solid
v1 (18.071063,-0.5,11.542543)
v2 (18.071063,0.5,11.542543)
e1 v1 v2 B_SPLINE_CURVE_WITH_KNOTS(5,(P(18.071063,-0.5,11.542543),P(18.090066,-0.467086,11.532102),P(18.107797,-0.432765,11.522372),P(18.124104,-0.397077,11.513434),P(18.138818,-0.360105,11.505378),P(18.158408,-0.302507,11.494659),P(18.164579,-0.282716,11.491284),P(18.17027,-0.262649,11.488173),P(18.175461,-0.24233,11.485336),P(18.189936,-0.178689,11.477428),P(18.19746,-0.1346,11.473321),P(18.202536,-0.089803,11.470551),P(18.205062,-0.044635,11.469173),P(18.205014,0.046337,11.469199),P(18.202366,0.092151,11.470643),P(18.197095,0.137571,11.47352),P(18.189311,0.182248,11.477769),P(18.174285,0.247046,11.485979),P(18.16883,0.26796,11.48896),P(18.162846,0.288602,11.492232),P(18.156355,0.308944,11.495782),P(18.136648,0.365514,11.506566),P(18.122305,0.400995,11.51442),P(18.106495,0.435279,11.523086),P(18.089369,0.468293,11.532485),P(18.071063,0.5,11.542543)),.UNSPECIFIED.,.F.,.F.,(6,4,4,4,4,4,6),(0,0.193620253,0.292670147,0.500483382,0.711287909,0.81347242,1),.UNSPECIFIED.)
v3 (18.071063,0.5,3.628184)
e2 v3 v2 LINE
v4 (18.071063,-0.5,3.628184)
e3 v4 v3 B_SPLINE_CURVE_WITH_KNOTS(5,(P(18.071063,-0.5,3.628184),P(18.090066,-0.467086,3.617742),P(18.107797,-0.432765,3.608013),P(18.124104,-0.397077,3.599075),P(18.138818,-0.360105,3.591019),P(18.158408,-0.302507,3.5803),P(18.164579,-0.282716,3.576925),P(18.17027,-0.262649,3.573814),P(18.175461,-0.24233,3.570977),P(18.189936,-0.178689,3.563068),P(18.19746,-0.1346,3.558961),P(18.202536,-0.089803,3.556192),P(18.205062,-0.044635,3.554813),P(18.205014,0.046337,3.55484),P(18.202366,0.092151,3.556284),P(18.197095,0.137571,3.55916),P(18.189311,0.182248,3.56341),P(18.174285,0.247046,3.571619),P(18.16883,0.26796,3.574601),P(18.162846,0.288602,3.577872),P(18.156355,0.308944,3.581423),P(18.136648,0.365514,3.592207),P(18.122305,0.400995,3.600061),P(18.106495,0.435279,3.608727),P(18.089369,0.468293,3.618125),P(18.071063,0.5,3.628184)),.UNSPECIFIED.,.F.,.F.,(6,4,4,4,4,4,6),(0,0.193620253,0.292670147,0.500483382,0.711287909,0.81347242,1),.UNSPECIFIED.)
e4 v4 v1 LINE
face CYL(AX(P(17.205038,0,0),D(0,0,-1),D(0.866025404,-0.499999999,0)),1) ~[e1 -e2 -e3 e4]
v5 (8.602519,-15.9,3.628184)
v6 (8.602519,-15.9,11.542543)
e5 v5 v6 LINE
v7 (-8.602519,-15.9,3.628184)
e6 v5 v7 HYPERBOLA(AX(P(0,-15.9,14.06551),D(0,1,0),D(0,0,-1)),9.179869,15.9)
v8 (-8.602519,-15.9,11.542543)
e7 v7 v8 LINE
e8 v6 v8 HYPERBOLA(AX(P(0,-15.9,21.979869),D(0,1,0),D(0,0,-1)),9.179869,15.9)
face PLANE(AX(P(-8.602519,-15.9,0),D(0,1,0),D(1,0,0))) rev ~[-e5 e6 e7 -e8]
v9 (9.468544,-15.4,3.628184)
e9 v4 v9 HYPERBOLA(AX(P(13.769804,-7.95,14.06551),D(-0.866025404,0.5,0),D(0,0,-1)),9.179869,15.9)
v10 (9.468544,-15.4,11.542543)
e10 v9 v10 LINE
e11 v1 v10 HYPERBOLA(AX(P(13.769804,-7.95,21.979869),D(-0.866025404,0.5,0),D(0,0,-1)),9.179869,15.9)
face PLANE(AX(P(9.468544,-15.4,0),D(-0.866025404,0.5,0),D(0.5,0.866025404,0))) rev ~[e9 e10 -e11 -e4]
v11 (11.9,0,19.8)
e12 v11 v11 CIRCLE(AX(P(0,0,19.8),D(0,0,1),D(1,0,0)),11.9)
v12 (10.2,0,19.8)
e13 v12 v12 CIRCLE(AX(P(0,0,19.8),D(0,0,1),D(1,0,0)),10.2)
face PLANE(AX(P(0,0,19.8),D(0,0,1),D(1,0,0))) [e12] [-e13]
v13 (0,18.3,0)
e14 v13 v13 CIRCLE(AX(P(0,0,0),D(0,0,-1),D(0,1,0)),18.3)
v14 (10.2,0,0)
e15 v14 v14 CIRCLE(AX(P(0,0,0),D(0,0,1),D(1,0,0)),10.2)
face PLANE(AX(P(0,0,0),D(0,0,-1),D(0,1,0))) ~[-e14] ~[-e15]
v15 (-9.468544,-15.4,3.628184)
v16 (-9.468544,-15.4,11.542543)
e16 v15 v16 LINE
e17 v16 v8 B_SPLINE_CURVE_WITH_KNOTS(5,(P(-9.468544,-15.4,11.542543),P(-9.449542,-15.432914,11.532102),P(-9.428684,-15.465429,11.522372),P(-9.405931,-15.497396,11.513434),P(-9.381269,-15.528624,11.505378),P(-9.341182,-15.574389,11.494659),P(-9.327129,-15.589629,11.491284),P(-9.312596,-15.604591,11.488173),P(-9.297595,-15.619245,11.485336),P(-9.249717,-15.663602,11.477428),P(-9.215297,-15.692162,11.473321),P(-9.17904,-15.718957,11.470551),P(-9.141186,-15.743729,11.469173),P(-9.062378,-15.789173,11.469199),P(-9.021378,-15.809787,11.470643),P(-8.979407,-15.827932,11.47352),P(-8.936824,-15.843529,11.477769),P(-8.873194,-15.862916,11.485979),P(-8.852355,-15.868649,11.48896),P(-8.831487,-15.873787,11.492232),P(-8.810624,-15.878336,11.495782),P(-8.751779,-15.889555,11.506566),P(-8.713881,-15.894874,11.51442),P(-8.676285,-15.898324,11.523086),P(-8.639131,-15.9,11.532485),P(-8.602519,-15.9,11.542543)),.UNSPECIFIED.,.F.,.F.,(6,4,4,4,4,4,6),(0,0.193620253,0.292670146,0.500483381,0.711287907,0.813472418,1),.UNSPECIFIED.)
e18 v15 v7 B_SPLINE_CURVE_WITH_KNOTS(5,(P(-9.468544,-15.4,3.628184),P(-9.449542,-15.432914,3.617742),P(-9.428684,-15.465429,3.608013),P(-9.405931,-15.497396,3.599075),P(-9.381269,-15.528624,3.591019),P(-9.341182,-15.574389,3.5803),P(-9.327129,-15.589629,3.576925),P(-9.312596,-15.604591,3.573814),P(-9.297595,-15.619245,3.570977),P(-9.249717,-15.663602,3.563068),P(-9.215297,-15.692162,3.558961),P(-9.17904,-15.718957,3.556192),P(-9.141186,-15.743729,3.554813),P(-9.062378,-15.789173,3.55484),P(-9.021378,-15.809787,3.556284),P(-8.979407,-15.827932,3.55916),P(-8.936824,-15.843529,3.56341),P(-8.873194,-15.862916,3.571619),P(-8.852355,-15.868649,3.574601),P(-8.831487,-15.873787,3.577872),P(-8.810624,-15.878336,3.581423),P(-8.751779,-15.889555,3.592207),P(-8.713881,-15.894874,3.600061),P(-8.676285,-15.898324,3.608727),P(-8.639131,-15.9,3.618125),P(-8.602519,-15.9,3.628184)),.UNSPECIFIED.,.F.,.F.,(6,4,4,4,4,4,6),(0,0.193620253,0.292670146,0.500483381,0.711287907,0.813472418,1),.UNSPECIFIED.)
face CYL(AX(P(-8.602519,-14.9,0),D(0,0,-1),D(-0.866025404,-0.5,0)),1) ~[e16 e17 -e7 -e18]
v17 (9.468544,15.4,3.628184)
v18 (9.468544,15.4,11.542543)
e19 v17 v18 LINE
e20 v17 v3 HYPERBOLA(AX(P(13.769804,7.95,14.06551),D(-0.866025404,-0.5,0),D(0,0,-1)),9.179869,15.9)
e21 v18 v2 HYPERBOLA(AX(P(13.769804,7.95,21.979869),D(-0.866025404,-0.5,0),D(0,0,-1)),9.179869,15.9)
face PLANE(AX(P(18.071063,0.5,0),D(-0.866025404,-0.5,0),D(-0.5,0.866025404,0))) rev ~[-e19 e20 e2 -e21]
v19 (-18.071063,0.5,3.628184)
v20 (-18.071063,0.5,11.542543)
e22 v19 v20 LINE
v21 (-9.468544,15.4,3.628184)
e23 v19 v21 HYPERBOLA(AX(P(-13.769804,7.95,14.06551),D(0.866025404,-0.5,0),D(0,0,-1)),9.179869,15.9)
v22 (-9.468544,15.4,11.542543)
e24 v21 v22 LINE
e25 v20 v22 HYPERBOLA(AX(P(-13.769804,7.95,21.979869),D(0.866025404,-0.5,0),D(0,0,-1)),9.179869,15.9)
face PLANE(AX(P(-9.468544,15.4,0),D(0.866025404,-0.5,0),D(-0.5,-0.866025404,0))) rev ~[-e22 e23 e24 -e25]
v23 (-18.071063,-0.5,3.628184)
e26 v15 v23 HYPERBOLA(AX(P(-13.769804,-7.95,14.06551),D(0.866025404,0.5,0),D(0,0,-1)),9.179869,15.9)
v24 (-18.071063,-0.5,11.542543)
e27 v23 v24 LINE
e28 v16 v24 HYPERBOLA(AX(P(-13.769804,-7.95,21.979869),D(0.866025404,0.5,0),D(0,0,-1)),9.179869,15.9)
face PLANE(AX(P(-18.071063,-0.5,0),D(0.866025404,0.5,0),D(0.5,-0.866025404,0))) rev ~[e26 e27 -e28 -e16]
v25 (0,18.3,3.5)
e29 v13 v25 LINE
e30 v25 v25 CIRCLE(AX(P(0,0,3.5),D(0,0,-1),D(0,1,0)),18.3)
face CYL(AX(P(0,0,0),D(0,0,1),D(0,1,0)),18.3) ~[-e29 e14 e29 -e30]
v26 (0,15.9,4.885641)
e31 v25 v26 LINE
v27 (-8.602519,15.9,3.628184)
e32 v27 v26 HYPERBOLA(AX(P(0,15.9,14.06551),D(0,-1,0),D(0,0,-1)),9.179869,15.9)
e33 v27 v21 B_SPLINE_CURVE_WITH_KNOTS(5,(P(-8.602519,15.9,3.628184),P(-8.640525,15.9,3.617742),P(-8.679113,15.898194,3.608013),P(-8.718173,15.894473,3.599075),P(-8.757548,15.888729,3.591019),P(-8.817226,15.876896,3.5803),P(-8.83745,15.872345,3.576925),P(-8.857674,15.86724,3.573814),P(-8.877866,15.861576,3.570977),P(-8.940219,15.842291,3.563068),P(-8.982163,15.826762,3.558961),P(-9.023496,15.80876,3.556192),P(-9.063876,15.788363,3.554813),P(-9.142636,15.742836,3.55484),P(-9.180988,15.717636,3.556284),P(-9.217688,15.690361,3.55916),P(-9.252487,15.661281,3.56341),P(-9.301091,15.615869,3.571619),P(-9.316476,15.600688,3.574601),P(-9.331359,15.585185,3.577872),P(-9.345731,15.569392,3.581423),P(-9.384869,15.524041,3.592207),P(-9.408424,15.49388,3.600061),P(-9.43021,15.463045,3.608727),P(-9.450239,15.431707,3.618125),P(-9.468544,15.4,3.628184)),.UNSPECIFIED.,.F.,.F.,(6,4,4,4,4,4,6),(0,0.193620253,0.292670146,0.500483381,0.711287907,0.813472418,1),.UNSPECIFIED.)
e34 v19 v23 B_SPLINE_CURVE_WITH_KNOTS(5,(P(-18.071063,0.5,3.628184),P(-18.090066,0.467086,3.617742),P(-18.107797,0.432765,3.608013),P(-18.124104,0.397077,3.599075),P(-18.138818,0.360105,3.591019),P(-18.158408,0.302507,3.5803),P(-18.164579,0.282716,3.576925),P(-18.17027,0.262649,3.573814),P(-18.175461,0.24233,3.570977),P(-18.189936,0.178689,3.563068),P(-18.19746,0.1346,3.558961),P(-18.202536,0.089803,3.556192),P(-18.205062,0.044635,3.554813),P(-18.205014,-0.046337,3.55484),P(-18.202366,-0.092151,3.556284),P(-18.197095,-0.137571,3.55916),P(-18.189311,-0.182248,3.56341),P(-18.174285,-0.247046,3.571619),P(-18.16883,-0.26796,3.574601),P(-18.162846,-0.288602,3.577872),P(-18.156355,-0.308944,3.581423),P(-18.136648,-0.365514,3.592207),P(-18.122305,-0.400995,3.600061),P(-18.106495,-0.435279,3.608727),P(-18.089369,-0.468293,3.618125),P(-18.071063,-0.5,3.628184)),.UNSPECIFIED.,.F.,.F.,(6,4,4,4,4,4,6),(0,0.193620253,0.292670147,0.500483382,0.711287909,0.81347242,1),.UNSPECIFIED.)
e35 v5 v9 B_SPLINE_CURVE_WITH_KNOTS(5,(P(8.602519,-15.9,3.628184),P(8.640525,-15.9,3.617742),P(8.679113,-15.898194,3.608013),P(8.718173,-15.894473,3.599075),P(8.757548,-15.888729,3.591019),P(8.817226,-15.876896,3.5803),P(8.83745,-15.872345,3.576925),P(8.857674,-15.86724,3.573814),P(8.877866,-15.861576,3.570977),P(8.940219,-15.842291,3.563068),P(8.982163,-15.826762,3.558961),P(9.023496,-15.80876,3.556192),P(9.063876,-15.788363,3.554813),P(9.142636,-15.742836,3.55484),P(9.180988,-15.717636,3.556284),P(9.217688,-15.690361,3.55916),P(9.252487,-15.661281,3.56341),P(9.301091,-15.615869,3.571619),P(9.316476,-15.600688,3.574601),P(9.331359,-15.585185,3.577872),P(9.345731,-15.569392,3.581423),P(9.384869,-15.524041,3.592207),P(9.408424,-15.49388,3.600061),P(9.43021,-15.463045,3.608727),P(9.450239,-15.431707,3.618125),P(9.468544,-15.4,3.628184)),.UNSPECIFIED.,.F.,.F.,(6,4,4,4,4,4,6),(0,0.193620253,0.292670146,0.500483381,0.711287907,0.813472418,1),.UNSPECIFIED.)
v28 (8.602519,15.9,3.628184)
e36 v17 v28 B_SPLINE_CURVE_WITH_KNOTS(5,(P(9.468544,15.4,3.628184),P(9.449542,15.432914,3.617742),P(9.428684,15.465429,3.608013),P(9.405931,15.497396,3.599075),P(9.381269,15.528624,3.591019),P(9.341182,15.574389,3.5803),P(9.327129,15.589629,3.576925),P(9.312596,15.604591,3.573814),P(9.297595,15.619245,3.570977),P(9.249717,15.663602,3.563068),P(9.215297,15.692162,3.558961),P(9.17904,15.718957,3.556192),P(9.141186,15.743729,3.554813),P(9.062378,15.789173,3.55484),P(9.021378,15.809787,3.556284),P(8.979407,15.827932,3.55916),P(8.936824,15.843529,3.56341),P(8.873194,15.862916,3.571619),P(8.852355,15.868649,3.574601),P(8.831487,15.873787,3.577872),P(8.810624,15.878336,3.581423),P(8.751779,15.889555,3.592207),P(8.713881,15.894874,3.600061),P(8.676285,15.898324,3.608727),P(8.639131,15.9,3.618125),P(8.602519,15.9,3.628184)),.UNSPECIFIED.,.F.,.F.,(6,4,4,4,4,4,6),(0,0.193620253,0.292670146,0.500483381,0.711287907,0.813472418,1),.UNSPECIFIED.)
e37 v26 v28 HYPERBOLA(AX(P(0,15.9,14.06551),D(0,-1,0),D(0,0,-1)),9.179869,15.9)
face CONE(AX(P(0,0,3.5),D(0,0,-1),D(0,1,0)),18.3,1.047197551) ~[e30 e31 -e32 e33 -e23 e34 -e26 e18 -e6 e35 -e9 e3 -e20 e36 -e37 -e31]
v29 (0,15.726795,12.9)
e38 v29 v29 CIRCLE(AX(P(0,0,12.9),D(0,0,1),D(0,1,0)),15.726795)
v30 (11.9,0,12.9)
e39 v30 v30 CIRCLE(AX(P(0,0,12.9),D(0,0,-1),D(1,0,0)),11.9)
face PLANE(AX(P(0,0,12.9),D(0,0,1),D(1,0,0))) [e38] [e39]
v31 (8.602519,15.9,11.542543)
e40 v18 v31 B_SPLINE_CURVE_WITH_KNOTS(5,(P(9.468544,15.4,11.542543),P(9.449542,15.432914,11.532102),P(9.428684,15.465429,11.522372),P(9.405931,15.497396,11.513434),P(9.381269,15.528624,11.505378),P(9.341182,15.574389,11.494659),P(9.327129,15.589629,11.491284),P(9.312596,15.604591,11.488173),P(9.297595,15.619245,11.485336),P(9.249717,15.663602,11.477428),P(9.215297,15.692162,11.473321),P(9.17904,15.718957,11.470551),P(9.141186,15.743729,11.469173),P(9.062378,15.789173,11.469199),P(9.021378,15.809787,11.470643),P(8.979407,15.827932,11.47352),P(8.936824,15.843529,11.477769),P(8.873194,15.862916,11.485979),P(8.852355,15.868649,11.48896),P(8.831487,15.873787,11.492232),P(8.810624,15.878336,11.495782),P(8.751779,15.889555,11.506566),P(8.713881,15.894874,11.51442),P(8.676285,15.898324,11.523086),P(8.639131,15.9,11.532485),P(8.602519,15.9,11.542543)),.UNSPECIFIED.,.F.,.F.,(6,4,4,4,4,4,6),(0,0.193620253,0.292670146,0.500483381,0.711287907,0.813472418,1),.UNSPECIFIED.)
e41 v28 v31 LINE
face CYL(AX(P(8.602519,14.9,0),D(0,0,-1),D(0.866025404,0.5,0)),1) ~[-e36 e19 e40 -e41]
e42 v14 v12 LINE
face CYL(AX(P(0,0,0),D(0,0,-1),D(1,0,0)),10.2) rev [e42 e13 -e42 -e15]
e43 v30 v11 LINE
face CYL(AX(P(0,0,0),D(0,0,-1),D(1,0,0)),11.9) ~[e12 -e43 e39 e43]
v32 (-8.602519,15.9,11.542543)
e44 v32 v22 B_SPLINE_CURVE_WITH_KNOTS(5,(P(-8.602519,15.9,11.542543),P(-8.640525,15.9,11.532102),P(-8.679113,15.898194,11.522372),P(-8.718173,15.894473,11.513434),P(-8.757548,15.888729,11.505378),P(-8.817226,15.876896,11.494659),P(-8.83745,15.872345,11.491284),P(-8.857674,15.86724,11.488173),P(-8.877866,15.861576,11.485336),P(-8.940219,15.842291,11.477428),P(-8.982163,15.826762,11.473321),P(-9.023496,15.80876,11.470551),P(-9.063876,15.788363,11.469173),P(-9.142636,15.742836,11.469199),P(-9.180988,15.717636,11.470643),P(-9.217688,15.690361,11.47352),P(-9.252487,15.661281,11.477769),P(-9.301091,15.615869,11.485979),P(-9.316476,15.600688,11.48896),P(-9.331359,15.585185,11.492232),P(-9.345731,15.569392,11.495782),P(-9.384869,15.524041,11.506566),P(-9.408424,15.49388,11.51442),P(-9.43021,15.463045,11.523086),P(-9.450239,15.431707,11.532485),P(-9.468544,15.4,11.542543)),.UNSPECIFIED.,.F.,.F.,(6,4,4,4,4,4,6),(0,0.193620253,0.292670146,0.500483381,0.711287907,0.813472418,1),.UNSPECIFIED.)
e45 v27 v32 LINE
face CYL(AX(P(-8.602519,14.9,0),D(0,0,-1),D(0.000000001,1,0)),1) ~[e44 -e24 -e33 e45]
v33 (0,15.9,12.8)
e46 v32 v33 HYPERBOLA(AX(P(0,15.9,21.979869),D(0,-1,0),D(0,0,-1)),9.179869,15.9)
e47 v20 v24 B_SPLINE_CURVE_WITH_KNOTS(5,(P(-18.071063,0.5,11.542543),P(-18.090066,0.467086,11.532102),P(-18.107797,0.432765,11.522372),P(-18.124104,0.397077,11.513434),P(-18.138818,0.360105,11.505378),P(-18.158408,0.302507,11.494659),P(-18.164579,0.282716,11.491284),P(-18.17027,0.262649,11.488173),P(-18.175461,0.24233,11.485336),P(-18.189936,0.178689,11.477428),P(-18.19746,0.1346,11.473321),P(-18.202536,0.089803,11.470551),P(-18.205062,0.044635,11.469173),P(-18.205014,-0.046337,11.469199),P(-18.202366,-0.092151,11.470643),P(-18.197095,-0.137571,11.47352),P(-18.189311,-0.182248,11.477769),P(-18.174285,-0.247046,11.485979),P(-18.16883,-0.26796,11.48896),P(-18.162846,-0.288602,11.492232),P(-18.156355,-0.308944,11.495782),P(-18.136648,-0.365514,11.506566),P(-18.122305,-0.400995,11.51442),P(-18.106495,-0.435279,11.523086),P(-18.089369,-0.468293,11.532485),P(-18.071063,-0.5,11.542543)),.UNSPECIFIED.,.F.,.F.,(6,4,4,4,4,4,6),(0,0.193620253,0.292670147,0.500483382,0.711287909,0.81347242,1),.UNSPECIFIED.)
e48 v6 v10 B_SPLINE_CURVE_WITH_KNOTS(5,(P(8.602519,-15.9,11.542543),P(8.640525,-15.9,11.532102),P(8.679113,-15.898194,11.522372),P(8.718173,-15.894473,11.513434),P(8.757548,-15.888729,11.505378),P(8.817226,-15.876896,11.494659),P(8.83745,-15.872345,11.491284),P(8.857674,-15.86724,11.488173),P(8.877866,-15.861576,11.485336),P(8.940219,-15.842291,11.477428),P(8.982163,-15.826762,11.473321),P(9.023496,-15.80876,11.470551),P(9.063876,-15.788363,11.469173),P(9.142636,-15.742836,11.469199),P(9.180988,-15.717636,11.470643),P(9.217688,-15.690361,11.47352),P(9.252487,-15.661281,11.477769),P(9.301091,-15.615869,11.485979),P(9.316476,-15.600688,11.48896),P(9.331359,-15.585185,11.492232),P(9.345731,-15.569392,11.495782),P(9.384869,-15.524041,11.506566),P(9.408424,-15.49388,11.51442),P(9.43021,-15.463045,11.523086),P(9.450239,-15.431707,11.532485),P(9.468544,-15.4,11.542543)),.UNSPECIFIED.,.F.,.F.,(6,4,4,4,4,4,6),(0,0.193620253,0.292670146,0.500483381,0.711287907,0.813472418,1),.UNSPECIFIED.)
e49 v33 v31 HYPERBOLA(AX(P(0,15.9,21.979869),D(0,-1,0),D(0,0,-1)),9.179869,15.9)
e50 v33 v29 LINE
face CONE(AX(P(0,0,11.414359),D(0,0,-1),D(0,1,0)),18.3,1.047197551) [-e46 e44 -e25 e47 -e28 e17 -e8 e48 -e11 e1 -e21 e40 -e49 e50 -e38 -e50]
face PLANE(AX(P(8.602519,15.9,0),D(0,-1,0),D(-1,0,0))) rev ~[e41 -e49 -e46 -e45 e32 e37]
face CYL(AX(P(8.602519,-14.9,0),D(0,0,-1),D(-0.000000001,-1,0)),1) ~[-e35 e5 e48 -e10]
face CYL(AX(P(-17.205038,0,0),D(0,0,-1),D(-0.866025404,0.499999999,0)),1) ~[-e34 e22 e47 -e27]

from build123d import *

# Parameters (mm, degrees)
SKETCH2_R           = 10.2
BOSS_EXTRUDE1_DEPTH = 12.9
SKETCH4_R           = 11.9
SKETCH4_R_2         = 10.2
BOSS_EXTRUDE2_DEPTH = 19.8


with BuildPart() as part:
    # Sketch1 → Revolve1 (revolve)
    with BuildSketch(Plane(origin=(0, 0, 0), x_dir=(0, 0, -1), z_dir=(1, 0, 0))):
        Polygon((0, 10.2), (0, 18.3), (-3.5, 18.3), (-8.17653718, 10.2), align=None)
    revolve(axis=Axis((0, 0, 27.758529938), (0, 0, -1)))

    # Sketch2 → Boss-Extrude1 (add)
    with BuildSketch(Plane.XY):
        with BuildLine():
            Line((18.071063426, 0.5), (9.468544415, 15.4))
            ThreePointArc((9.468544415, 15.4), (9.102519011, 15.766025404), (8.602519011, 15.9))
            Line((8.602519011, 15.9), (-8.602519011, 15.9))
            ThreePointArc((-8.602519011, 15.9), (-9.102519011, 15.766025404), (-9.468544415, 15.4))
            Line((-9.468544415, 15.4), (-18.071063426, 0.5))
            ThreePointArc((-18.071063426, 0.5), (-18.205038022, 0), (-18.071063426, -0.5))
            Line((-18.071063426, -0.5), (-9.468544415, -15.4))
            ThreePointArc((-9.468544415, -15.4), (-9.102519011, -15.766025404), (-8.602519011, -15.9))
            Line((-8.602519011, -15.9), (8.602519011, -15.9))
            ThreePointArc((8.602519011, -15.9), (9.102519011, -15.766025404), (9.468544415, -15.4))
            Line((9.468544415, -15.4), (18.071063426, -0.5))
            ThreePointArc((18.071063426, -0.5), (18.205038022, 0), (18.071063426, 0.5))
        make_face()
        Circle(SKETCH2_R, mode=Mode.SUBTRACT)
    extrude(amount=BOSS_EXTRUDE1_DEPTH)

    # Sketch3 → Cut-Revolve2 (revolve, cut)
    with BuildSketch(Plane(origin=(0, 0, 0), x_dir=(0, 0, -1), z_dir=(1, 0, 0))):
        Polygon((-11.414359354, 18.3), (-21.97986928, 0), (-22.588162692, 0), (-22.588162692, 18.3), align=None)
    revolve(axis=Axis((0, 0, 0), (0, 0, 1)), mode=Mode.SUBTRACT)

    # Sketch4 → Boss-Extrude2 (add)
    with BuildSketch(Plane.XY):
        Circle(SKETCH4_R)
        Circle(SKETCH4_R_2, mode=Mode.SUBTRACT)
    extrude(amount=BOSS_EXTRUDE2_DEPTH)


solid = part.part
